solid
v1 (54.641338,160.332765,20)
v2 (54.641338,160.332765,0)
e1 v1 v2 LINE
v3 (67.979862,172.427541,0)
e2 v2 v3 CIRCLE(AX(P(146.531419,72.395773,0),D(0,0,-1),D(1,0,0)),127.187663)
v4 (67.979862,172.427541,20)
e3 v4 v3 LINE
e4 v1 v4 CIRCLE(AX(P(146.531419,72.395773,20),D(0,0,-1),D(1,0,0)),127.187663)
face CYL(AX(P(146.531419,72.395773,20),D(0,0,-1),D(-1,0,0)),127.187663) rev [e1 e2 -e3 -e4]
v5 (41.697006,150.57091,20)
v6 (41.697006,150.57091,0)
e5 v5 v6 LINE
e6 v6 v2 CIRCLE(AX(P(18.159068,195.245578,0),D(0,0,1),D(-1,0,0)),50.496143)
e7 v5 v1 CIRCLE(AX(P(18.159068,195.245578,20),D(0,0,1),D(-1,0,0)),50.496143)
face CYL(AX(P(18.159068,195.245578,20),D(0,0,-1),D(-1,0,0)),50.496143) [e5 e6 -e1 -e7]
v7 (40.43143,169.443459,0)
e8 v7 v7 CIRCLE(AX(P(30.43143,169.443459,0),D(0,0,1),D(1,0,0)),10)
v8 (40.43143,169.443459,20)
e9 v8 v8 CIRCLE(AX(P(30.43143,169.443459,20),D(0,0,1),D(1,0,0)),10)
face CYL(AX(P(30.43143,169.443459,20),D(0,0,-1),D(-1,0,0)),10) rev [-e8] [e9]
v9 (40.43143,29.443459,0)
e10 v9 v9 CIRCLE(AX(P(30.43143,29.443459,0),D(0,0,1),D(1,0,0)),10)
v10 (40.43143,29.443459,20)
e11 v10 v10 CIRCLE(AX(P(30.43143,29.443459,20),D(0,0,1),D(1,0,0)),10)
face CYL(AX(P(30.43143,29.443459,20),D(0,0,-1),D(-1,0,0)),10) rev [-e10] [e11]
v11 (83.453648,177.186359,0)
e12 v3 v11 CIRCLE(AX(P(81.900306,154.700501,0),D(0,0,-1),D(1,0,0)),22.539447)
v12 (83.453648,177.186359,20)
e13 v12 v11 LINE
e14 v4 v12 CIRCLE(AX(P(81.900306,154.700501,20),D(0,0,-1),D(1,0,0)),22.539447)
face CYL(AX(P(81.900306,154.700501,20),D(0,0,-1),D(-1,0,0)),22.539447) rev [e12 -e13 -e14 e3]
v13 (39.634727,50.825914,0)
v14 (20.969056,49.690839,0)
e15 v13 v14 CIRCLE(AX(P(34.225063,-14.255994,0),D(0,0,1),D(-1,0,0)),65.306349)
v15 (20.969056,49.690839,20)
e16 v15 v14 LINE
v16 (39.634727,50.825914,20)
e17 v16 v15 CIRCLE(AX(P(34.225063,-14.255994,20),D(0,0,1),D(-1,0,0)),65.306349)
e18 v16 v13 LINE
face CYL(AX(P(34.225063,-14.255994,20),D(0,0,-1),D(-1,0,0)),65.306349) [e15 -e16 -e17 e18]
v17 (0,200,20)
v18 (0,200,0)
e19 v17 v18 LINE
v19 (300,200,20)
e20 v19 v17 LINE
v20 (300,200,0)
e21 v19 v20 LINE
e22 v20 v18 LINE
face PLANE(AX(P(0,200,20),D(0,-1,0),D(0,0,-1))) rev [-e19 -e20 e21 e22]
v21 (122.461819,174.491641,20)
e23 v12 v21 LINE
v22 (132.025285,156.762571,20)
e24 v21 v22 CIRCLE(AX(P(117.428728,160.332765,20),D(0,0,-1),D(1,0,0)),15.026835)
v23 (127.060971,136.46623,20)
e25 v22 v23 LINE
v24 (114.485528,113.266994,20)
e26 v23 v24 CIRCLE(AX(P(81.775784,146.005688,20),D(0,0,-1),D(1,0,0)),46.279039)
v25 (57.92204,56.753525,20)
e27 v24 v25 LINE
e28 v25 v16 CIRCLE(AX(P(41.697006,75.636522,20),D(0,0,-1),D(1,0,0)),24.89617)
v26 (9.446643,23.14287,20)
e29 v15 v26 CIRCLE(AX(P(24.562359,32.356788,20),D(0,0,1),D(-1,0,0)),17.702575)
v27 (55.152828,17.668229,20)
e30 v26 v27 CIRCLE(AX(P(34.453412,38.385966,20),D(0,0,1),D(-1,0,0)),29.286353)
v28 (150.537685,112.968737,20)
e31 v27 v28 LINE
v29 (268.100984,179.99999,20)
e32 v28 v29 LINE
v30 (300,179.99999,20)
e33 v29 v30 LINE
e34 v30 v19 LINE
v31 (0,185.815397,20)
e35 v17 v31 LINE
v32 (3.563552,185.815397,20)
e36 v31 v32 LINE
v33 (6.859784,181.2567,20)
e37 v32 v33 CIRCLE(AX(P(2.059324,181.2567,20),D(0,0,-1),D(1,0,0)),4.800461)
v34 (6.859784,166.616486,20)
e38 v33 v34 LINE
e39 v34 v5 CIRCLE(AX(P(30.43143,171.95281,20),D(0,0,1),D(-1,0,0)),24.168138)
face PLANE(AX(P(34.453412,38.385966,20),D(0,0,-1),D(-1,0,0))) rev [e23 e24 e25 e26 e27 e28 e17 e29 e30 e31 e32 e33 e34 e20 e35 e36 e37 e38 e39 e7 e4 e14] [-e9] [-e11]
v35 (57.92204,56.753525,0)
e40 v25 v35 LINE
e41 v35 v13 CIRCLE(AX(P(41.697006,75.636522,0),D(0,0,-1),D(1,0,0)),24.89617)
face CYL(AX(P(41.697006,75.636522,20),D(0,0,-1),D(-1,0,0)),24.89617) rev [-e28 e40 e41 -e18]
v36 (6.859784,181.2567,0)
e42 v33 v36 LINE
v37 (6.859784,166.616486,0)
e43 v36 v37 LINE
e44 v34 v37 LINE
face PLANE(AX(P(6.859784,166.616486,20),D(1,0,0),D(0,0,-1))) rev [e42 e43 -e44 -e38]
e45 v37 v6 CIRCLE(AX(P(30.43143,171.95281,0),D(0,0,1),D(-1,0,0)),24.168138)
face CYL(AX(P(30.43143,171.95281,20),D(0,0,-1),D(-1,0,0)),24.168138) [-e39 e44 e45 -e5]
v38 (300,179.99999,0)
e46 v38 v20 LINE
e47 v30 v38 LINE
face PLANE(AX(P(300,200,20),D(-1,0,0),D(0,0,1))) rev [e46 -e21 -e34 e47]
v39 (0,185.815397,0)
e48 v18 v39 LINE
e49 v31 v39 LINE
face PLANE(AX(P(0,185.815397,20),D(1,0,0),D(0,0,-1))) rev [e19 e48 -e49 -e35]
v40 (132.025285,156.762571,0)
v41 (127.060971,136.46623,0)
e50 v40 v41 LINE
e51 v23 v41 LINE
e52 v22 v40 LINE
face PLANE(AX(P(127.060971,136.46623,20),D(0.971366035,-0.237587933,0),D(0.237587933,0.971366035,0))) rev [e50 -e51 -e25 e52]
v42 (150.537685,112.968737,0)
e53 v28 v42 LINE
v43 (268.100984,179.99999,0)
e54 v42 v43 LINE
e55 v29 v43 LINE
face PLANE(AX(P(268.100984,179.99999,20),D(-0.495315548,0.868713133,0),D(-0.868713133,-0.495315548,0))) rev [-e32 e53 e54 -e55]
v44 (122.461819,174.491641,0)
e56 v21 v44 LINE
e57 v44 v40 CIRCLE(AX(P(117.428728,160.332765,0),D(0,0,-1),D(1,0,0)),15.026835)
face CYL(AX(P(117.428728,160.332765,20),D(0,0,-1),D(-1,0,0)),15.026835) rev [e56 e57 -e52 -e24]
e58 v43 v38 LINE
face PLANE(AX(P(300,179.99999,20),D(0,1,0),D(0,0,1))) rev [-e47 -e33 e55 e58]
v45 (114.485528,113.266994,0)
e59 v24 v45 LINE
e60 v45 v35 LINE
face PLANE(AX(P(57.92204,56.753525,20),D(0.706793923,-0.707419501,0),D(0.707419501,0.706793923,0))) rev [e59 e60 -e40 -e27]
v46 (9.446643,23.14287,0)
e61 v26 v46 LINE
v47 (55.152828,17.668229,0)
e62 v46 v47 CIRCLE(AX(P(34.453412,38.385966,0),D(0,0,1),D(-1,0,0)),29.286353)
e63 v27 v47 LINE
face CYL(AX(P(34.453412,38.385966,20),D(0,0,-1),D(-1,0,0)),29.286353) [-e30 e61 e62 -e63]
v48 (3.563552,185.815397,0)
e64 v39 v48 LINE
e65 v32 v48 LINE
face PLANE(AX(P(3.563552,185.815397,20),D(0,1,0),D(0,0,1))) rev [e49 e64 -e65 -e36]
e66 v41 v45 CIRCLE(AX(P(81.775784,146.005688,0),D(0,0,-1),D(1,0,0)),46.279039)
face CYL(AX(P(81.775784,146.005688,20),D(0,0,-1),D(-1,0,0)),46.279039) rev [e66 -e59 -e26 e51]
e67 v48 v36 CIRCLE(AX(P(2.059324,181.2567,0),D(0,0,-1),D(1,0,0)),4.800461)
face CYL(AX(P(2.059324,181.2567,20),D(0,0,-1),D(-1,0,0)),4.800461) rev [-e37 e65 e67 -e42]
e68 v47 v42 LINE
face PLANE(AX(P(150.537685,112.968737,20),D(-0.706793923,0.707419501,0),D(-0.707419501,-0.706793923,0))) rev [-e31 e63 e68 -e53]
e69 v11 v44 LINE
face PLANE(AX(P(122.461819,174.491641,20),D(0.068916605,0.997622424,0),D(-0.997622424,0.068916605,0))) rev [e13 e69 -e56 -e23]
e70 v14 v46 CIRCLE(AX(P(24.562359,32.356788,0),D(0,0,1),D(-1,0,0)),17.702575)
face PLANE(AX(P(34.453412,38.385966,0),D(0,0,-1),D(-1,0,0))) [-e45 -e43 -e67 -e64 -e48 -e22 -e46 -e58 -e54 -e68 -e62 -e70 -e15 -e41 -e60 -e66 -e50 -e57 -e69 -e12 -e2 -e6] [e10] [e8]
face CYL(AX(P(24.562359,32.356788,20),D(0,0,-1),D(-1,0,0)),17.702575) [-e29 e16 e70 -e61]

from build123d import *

# Parameters (mm, degrees)
SZKIC2_R                    = 10
DODANIE_WYCI_GNI_CIE2_DEPTH = 20


with BuildPart() as part:
    # Szkic2 → Dodanie-wyciągnięcie2 (new body)
    with BuildSketch(Plane.XY):
        with BuildLine():
            Line((0, 185.8153975), (0, 200))
            Line((0, 200), (300, 200))
            Line((300, 200), (300, 179.99999))
            Line((300, 179.99999), (268.100984266, 179.99999))
            Line((268.100984266, 179.99999), (150.537685313, 112.968737031))
            Line((150.537685313, 112.968737031), (55.152827757, 17.668229265))
            ThreePointArc((55.152827757, 17.668229265), (30.970417819, 9.307465427), (9.446642737, 23.142870322))
            ThreePointArc((9.446642737, 23.142870322), (8.323346954, 39.404883236), (20.969056487, 49.690839091))
            ThreePointArc((20.969056487, 49.690839091), (30.26105361, 50.929938535), (39.634727212, 50.825913662))
            ThreePointArc((39.634727212, 50.825913662), (49.37359719, 51.953421869), (57.922039747, 56.753525311))
            Line((57.922039747, 56.753525311), (114.485527726, 113.266993629))
            ThreePointArc((114.485527726, 113.266993629), (122.461819258, 123.951300931), (127.060971476, 136.466229937))
            Line((127.060971476, 136.466229937), (132.025285125, 156.762570766))
            ThreePointArc((132.025285125, 156.762570766), (130.65411111, 167.466839441), (122.461819258, 174.491641238))
            Line((122.461819258, 174.491641238), (83.453647812, 177.186358886))
            ThreePointArc((83.453647812, 177.186358886), (75.274757646, 176.24414951), (67.979862212, 172.427540613))
            ThreePointArc((67.979862212, 172.427540613), (61.096304048, 166.616485937), (54.641338034, 160.332765448))
            ThreePointArc((54.641338034, 160.332765448), (48.563505303, 154.928947374), (41.697006274, 150.570909792))
            ThreePointArc((41.697006274, 150.570909792), (20.320793886, 150.001184012), (6.859784063, 166.616485937))
            Line((6.859784063, 166.616485937), (6.859784063, 181.256700403))
            ThreePointArc((6.859784063, 181.256700403), (5.949401229, 184.069477829), (3.56355164, 185.8153975))
            Line((3.56355164, 185.8153975), (0, 185.8153975))
        make_face()
        with Locations((30.431430438, 29.443458524)):
            Circle(SZKIC2_R, mode=Mode.SUBTRACT)
        with Locations((30.431430438, 169.443458524)):
            Circle(SZKIC2_R, mode=Mode.SUBTRACT)
    extrude(amount=DODANIE_WYCI_GNI_CIE2_DEPTH)


solid = part.part
